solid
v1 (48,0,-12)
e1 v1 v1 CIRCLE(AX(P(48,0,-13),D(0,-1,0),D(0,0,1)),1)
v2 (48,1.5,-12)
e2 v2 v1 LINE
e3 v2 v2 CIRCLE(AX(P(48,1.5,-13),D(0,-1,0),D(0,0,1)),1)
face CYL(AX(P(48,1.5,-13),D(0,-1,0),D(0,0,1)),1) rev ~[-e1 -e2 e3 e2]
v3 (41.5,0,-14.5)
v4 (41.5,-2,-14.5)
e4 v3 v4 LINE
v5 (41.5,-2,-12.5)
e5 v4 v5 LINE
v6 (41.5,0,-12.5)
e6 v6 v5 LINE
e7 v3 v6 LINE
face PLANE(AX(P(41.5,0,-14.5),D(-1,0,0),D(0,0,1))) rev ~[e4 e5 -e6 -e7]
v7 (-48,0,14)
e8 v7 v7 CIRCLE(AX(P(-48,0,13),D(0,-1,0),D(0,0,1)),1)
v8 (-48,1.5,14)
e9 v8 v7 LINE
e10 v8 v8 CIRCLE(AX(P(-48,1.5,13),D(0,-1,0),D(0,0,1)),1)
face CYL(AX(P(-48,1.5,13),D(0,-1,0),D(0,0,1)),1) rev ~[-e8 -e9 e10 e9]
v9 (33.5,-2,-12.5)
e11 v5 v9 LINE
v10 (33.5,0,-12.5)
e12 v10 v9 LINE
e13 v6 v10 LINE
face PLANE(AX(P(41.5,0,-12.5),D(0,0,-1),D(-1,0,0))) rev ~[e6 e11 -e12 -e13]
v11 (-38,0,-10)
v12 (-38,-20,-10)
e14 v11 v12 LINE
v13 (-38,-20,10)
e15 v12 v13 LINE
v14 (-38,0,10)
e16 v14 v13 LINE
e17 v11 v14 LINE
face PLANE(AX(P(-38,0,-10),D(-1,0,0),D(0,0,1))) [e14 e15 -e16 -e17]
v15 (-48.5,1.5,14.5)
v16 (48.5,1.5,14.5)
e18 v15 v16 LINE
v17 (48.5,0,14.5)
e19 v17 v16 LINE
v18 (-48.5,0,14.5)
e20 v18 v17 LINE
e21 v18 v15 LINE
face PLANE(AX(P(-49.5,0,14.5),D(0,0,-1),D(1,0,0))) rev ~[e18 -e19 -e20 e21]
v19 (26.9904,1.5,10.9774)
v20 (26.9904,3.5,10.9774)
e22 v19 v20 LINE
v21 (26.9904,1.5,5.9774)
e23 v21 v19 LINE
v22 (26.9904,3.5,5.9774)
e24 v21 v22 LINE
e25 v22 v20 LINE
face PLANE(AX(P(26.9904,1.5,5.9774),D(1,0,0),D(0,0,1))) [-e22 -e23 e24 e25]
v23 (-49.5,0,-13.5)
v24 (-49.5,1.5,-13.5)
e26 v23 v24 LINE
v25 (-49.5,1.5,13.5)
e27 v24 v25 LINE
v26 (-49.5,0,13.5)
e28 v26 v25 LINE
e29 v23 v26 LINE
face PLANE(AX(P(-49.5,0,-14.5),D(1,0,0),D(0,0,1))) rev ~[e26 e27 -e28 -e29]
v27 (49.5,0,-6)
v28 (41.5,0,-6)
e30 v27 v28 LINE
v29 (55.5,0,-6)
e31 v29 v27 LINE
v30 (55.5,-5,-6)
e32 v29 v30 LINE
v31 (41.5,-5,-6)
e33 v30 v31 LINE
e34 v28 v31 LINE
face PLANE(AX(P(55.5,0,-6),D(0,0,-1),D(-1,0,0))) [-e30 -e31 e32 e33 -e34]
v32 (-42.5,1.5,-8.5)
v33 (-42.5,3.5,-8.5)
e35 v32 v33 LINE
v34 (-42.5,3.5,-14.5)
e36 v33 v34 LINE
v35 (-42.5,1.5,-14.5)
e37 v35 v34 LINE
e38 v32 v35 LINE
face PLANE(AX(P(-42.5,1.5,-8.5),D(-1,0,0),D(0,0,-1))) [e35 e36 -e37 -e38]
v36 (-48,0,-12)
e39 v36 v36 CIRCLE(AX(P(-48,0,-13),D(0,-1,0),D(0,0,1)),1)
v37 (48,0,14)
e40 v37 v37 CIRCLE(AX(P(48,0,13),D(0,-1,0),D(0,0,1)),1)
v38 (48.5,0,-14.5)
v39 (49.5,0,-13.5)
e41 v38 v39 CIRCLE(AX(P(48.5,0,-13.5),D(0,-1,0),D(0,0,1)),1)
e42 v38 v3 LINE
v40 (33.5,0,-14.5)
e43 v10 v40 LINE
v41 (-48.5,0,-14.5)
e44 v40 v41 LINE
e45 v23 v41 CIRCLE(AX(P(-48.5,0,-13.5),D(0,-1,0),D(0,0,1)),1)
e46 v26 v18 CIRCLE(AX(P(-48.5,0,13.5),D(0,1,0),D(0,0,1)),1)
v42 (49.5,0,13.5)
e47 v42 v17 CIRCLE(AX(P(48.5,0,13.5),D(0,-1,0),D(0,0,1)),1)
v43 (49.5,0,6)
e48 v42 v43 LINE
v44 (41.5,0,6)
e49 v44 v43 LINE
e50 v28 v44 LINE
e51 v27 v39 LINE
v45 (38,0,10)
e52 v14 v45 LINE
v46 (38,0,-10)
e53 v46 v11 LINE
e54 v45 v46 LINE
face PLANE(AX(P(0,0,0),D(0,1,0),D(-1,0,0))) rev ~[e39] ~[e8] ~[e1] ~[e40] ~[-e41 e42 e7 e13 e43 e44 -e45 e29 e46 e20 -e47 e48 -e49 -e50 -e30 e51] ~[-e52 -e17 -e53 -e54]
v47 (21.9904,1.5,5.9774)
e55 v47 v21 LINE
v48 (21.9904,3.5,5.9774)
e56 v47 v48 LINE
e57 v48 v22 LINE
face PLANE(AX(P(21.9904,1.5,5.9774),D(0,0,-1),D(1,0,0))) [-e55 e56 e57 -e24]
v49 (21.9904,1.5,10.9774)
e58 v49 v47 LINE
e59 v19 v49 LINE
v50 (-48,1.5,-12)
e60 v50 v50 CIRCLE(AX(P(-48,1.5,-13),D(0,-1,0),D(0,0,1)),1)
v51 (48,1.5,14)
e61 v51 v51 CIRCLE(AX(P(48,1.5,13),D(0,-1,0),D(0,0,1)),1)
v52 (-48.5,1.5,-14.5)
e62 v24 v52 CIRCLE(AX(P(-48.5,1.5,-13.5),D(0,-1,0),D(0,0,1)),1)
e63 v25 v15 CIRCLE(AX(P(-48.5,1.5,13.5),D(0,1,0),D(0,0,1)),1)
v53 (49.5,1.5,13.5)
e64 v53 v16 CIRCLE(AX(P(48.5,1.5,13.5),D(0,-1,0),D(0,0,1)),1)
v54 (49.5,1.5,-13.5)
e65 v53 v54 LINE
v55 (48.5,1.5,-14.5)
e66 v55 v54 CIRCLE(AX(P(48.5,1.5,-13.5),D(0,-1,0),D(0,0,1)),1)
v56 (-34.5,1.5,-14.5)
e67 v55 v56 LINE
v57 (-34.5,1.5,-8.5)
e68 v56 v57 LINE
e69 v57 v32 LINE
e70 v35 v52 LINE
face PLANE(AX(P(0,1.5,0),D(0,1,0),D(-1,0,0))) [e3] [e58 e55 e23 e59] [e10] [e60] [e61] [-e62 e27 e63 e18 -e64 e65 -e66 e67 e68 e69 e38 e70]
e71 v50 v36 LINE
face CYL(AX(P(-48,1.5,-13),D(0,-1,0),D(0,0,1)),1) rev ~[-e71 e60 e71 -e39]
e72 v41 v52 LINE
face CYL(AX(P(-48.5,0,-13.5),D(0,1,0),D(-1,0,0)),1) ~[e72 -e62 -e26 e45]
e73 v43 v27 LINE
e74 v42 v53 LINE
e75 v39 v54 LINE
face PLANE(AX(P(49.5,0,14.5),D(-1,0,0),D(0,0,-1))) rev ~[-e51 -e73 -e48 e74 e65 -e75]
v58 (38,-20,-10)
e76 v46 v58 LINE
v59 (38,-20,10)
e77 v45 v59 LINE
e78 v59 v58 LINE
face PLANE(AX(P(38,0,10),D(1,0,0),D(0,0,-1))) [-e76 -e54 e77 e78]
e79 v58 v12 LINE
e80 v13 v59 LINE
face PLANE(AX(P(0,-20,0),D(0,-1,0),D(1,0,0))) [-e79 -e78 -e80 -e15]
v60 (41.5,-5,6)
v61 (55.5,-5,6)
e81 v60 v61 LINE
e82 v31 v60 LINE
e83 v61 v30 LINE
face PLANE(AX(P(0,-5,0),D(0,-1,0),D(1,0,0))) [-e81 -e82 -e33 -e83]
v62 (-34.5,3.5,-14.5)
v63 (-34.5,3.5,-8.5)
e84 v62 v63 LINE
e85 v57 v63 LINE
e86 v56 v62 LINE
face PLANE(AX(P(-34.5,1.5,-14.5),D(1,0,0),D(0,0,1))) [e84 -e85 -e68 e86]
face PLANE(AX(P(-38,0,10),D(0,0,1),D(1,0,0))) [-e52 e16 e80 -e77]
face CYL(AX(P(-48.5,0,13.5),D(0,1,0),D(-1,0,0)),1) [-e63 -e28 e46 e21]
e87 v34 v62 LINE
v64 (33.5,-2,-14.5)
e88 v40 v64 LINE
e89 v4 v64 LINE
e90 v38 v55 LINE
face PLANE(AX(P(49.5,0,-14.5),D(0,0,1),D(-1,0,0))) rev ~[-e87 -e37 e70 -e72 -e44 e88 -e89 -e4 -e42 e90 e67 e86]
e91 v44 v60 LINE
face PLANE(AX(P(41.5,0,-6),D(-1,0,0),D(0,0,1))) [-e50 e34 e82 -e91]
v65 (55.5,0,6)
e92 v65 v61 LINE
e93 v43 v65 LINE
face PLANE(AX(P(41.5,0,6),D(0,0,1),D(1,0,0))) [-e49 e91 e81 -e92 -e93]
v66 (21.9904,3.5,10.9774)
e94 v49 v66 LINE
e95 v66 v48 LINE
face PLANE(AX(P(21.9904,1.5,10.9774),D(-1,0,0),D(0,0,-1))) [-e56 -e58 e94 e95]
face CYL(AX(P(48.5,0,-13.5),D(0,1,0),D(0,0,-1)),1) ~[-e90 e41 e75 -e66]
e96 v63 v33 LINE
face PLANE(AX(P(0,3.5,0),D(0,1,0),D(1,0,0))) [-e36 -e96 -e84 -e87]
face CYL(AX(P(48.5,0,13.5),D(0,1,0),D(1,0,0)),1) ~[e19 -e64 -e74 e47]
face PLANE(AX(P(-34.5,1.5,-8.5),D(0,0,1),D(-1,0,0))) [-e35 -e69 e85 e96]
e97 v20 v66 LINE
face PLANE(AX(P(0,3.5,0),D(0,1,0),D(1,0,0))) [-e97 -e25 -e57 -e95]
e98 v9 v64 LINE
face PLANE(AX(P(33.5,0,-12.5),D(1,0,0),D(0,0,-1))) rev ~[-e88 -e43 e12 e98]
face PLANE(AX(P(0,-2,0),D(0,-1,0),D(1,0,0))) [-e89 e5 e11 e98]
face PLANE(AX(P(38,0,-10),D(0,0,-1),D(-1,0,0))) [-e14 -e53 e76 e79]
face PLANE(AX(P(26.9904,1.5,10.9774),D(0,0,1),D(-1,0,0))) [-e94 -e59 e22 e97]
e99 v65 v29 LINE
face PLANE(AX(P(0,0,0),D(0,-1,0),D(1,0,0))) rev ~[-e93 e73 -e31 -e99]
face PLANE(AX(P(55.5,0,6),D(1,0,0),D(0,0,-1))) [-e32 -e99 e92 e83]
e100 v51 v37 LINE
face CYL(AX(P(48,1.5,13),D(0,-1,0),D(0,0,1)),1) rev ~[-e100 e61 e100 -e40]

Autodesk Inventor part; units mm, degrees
ref_plane "YZ Plane" through (0, 0, 0) normal (1, 0, 0) x (0, 1, 0)
ref_plane "XZ Plane" through (0, 0, 0) normal (0, 1, 0) x (-1, 0, 0)
ref_plane "XY Plane" through (0, 0, 0) normal (0, 0, 1) x (1, 0, 0)
sketch "Sketch1" plane through (0, 0, 0) normal (0, 1, 0) x (-1, 0, 0)
  line L0 (49.5, 14.5) -> (-49.5, 14.5)
  line L1 (-49.5, 14.5) -> (-49.5, -14.5)
  line L2 (-49.5, -14.5) -> (49.5, -14.5)
  line L3 (49.5, -14.5) -> (49.5, 14.5)
  line L4 (49.5, 14.5) -> (-49.5, -14.5) construction
  line L5 (-49.5, 14.5) -> (49.5, -14.5) construction
  point P0 (0, 0)
  dimension "d0" = 99
  dimension "d1" = 29
extrude "Extrusion1" add sketch "Sketch1" along normal blind 1.5
fillet "Fillet1" radius 1 4 edges at (49.5, 0.75, 14.5) (49.5, 0.75, -14.5) (-49.5, 0.75, -14.5) (-49.5, 0.75, 14.5)
sketch "Sketch2" plane through (0, 1.5, 0) normal (0, 1, 0) x (1, 0, 0)
  line L0 (26.9904, -10.9774) -> (21.9904, -10.9774)
  line L1 (21.9904, -10.9774) -> (21.9904, -5.9774)
  line L2 (21.9904, -5.9774) -> (26.9904, -5.9774)
  line L3 (26.9904, -5.9774) -> (26.9904, -10.9774)
  line L4 (26.9904, -10.9774) -> (21.9904, -5.9774) construction
  line L5 (21.9904, -10.9774) -> (26.9904, -5.9774) construction
  point P0 (0, 0)
  point P1 (24.4904, -8.4774)
  dimension "d5" = 5
  dimension "d6" = 5
extrude "Extrusion2" add sketch "Sketch2" along normal blind 2
sketch "Sketch3" plane through (0, 1.5, 0) normal (0, 1, 0) x (1, 0, 0)
  line L0 (26.9904, -5.9774) -> (26.9904, -10.9774) construction
  line L1 (26.9904, -10.9774) -> (21.9904, -10.9774) construction
  line L2 (21.9904, -10.9774) -> (21.9904, -5.9774) construction
  line L3 (21.9904, -5.9774) -> (26.9904, -5.9774) construction
  arc A0 (-49.5, -13.5) -> (-48.5, -14.5) centre (-48.5, -13.5) ccw construction
  line L4 (-48.5, -14.5) -> (48.5, -14.5) construction
  arc A1 (48.5, -14.5) -> (49.5, -13.5) centre (48.5, -13.5) ccw construction
  line L5 (49.5, -13.5) -> (49.5, 13.5) construction
  arc A2 (49.5, 13.5) -> (48.5, 14.5) centre (48.5, 13.5) ccw construction
  line L6 (48.5, 14.5) -> (-48.5, 14.5) construction
  arc A3 (-48.5, 14.5) -> (-49.5, 13.5) centre (-48.5, 13.5) ccw construction
  line L7 (-49.5, 13.5) -> (-49.5, -13.5) construction
  line L8 (48, -13) -> (-48, -13) construction
  line L9 (-48, -13) -> (-48, 13) construction
  line L10 (-48, 13) -> (48, 13) construction
  line L11 (48, 13) -> (48, -13) construction
  point P0 (0, 0)
  dimension "d9" = 1.5
hole "Hole1" at (48, 1.5, 13) at (-48, 1.5, 13) at (-48, 1.5, -13) at (48, 1.5, -13) direction (0, -1, 0) diameter 2 depth 10 tip angle 118
sketch "Sketch4" plane through (0, 1.5, 0) normal (0, 1, 0) x (1, 0, 0)
  line L0 (-49.5, 13.5) -> (-49.5, -13.5) construction
  line L1 (-49.5, 10.3219) -> (-42.5, 10.3219) construction
  line L2 (-34.5, 8.5) -> (-42.5, 8.5)
  line L3 (-42.5, 8.5) -> (-42.5, 14.5)
  line L4 (-42.5, 14.5) -> (-34.5, 14.5)
  line L5 (-34.5, 14.5) -> (-34.5, 8.5)
  line L6 (-34.5, 8.5) -> (-42.5, 14.5) construction
  line L7 (-42.5, 8.5) -> (-34.5, 14.5) construction
  line L8 (48.5, 14.5) -> (-48.5, 14.5) construction
  point P0 (0, 0)
  point P1 (-38.5, 11.5)
  dimension "d17" = 7
  dimension "d18" = 8
  dimension "d19" = 6
extrude "Extrusion3" add sketch "Sketch4" along normal blind 2
sketch "Sketch5" plane through (0, 1.5, 0) normal (0, 1, 0) x (1, 0, 0)
  line L0 (49.5, -13.5) -> (49.5, 13.5) construction
  line L1 (49.5, 9.2214) -> (41.5, 9.2214) construction
  line L2 (48.5, 14.5) -> (-34.5, 14.5) construction
  line L3 (41.5, 12.5) -> (33.5, 12.5)
  line L4 (33.5, 12.5) -> (33.5, 14.5)
  line L5 (33.5, 14.5) -> (41.5, 14.5)
  line L6 (41.5, 14.5) -> (41.5, 12.5)
  line L7 (41.5, 12.5) -> (33.5, 14.5) construction
  line L8 (33.5, 12.5) -> (41.5, 14.5) construction
  point P0 (0, 0)
  point P1 (37.5, 13.5)
  dimension "d22" = 8
  dimension "d23" = 8
  dimension "d24" = 2
sketch "Sketch6" plane through (0, 0, 0) normal (0, -1, 0) x (1, 0, 0)
  line L0 (41.5, -12.5) -> (33.5, -12.5) projected
  line L1 (41.5, -14.5) -> (41.5, -12.5) projected
  line L2 (33.5, -12.5) -> (33.5, -14.5) projected
  line L3 (41.5, -14.5) -> (33.5, -14.5)
  point P0 (0, 0)
extrude "Extrusion4" add sketch "Sketch6" along normal blind 2
sketch "Sketch7" plane through (0, 0, 0) normal (0, -1, 0) x (1, 0, 0)
  line L0 (33.5, -14.5) -> (33.5, -12.5) construction
  line L1 (33.5, -12.5) -> (41.5, -12.5) construction
  line L2 (41.5, -12.5) -> (41.5, -14.5) construction
  line L3 (48.5, -14.5) -> (41.5, -14.5) construction
  arc A0 (48.5, -14.5) -> (49.5, -13.5) centre (48.5, -13.5) ccw construction
  line L4 (49.5, 13.5) -> (49.5, -13.5) construction
  arc A1 (49.5, 13.5) -> (48.5, 14.5) centre (48.5, 13.5) ccw construction
  line L5 (-48.5, 14.5) -> (48.5, 14.5) construction
  arc A2 (-48.5, 14.5) -> (-49.5, 13.5) centre (-48.5, 13.5) ccw construction
  line L6 (-49.5, -13.5) -> (-49.5, 13.5) construction
  arc A3 (-49.5, -13.5) -> (-48.5, -14.5) centre (-48.5, -13.5) ccw construction
  line L7 (33.5, -14.5) -> (-48.5, -14.5) construction
  circle A4 centre (48, -13) radius 1 construction
  circle A5 centre (-48, 13) radius 1 construction
  circle A6 centre (48, 13) radius 1 construction
  circle A7 centre (-48, -13) radius 1 construction
  line L8 (55.5, -6) -> (41.5, -6)
  line L9 (41.5, -6) -> (41.5, 6)
  line L10 (41.5, 6) -> (55.5, 6)
  line L11 (55.5, 6) -> (55.5, -6)
  line L12 (55.5, -6) -> (41.5, 6) construction
  line L13 (41.5, -6) -> (55.5, 6) construction
  line L14 (49.5, 0) -> (55.5, 0) construction
  point P0 (0, 0)
  point P1 (48.5, 0)
  dimension "d27" = 14
  dimension "d28" = 12
  dimension "d29" = 6
extrude "Extrusion5" add sketch "Sketch7" along normal blind 5
sketch "Sketch8" plane through (0, 0, 0) normal (0, -1, 0) x (1, 0, 0)
  line L0 (41.5, 6) -> (49.5, 6) construction
  line L1 (49.5, 13.5) -> (49.5, 6) construction
  arc A0 (49.5, 13.5) -> (48.5, 14.5) centre (48.5, 13.5) ccw construction
  line L2 (-48.5, 14.5) -> (48.5, 14.5) construction
  arc A1 (-48.5, 14.5) -> (-49.5, 13.5) centre (-48.5, 13.5) ccw construction
  line L3 (-49.5, -13.5) -> (-49.5, 13.5) construction
  arc A2 (-49.5, -13.5) -> (-48.5, -14.5) centre (-48.5, -13.5) ccw construction
  line L4 (33.5, -14.5) -> (-48.5, -14.5) construction
  line L5 (33.5, -14.5) -> (33.5, -12.5) construction
  line L6 (33.5, -12.5) -> (41.5, -12.5) construction
  line L7 (41.5, -12.5) -> (41.5, -14.5) construction
  line L8 (48.5, -14.5) -> (41.5, -14.5) construction
  arc A3 (48.5, -14.5) -> (49.5, -13.5) centre (48.5, -13.5) ccw construction
  line L9 (49.5, -6) -> (49.5, -13.5) construction
  line L10 (49.5, -6) -> (41.5, -6) construction
  line L11 (41.5, -6) -> (41.5, 6) construction
  circle A4 centre (48, -13) radius 1 construction
  circle A5 centre (-48, 13) radius 1 construction
  circle A6 centre (48, 13) radius 1 construction
  circle A7 centre (-48, -13) radius 1 construction
  line L12 (38, -10) -> (-38, -10)
  line L13 (-38, -10) -> (-38, 10)
  line L14 (-38, 10) -> (38, 10)
  line L15 (38, 10) -> (38, -10)
  line L16 (38, -10) -> (-38, 10) construction
  line L17 (-38, -10) -> (38, 10) construction
  point P0 (0, 0)
  point P1 (0, 0)
  point P2 (0, 0)
  dimension "d32" = 76
  dimension "d33" = 20
extrude "Extrusion6" add sketch "Sketch8" along normal blind 20
properties part number "battery_footprint"
